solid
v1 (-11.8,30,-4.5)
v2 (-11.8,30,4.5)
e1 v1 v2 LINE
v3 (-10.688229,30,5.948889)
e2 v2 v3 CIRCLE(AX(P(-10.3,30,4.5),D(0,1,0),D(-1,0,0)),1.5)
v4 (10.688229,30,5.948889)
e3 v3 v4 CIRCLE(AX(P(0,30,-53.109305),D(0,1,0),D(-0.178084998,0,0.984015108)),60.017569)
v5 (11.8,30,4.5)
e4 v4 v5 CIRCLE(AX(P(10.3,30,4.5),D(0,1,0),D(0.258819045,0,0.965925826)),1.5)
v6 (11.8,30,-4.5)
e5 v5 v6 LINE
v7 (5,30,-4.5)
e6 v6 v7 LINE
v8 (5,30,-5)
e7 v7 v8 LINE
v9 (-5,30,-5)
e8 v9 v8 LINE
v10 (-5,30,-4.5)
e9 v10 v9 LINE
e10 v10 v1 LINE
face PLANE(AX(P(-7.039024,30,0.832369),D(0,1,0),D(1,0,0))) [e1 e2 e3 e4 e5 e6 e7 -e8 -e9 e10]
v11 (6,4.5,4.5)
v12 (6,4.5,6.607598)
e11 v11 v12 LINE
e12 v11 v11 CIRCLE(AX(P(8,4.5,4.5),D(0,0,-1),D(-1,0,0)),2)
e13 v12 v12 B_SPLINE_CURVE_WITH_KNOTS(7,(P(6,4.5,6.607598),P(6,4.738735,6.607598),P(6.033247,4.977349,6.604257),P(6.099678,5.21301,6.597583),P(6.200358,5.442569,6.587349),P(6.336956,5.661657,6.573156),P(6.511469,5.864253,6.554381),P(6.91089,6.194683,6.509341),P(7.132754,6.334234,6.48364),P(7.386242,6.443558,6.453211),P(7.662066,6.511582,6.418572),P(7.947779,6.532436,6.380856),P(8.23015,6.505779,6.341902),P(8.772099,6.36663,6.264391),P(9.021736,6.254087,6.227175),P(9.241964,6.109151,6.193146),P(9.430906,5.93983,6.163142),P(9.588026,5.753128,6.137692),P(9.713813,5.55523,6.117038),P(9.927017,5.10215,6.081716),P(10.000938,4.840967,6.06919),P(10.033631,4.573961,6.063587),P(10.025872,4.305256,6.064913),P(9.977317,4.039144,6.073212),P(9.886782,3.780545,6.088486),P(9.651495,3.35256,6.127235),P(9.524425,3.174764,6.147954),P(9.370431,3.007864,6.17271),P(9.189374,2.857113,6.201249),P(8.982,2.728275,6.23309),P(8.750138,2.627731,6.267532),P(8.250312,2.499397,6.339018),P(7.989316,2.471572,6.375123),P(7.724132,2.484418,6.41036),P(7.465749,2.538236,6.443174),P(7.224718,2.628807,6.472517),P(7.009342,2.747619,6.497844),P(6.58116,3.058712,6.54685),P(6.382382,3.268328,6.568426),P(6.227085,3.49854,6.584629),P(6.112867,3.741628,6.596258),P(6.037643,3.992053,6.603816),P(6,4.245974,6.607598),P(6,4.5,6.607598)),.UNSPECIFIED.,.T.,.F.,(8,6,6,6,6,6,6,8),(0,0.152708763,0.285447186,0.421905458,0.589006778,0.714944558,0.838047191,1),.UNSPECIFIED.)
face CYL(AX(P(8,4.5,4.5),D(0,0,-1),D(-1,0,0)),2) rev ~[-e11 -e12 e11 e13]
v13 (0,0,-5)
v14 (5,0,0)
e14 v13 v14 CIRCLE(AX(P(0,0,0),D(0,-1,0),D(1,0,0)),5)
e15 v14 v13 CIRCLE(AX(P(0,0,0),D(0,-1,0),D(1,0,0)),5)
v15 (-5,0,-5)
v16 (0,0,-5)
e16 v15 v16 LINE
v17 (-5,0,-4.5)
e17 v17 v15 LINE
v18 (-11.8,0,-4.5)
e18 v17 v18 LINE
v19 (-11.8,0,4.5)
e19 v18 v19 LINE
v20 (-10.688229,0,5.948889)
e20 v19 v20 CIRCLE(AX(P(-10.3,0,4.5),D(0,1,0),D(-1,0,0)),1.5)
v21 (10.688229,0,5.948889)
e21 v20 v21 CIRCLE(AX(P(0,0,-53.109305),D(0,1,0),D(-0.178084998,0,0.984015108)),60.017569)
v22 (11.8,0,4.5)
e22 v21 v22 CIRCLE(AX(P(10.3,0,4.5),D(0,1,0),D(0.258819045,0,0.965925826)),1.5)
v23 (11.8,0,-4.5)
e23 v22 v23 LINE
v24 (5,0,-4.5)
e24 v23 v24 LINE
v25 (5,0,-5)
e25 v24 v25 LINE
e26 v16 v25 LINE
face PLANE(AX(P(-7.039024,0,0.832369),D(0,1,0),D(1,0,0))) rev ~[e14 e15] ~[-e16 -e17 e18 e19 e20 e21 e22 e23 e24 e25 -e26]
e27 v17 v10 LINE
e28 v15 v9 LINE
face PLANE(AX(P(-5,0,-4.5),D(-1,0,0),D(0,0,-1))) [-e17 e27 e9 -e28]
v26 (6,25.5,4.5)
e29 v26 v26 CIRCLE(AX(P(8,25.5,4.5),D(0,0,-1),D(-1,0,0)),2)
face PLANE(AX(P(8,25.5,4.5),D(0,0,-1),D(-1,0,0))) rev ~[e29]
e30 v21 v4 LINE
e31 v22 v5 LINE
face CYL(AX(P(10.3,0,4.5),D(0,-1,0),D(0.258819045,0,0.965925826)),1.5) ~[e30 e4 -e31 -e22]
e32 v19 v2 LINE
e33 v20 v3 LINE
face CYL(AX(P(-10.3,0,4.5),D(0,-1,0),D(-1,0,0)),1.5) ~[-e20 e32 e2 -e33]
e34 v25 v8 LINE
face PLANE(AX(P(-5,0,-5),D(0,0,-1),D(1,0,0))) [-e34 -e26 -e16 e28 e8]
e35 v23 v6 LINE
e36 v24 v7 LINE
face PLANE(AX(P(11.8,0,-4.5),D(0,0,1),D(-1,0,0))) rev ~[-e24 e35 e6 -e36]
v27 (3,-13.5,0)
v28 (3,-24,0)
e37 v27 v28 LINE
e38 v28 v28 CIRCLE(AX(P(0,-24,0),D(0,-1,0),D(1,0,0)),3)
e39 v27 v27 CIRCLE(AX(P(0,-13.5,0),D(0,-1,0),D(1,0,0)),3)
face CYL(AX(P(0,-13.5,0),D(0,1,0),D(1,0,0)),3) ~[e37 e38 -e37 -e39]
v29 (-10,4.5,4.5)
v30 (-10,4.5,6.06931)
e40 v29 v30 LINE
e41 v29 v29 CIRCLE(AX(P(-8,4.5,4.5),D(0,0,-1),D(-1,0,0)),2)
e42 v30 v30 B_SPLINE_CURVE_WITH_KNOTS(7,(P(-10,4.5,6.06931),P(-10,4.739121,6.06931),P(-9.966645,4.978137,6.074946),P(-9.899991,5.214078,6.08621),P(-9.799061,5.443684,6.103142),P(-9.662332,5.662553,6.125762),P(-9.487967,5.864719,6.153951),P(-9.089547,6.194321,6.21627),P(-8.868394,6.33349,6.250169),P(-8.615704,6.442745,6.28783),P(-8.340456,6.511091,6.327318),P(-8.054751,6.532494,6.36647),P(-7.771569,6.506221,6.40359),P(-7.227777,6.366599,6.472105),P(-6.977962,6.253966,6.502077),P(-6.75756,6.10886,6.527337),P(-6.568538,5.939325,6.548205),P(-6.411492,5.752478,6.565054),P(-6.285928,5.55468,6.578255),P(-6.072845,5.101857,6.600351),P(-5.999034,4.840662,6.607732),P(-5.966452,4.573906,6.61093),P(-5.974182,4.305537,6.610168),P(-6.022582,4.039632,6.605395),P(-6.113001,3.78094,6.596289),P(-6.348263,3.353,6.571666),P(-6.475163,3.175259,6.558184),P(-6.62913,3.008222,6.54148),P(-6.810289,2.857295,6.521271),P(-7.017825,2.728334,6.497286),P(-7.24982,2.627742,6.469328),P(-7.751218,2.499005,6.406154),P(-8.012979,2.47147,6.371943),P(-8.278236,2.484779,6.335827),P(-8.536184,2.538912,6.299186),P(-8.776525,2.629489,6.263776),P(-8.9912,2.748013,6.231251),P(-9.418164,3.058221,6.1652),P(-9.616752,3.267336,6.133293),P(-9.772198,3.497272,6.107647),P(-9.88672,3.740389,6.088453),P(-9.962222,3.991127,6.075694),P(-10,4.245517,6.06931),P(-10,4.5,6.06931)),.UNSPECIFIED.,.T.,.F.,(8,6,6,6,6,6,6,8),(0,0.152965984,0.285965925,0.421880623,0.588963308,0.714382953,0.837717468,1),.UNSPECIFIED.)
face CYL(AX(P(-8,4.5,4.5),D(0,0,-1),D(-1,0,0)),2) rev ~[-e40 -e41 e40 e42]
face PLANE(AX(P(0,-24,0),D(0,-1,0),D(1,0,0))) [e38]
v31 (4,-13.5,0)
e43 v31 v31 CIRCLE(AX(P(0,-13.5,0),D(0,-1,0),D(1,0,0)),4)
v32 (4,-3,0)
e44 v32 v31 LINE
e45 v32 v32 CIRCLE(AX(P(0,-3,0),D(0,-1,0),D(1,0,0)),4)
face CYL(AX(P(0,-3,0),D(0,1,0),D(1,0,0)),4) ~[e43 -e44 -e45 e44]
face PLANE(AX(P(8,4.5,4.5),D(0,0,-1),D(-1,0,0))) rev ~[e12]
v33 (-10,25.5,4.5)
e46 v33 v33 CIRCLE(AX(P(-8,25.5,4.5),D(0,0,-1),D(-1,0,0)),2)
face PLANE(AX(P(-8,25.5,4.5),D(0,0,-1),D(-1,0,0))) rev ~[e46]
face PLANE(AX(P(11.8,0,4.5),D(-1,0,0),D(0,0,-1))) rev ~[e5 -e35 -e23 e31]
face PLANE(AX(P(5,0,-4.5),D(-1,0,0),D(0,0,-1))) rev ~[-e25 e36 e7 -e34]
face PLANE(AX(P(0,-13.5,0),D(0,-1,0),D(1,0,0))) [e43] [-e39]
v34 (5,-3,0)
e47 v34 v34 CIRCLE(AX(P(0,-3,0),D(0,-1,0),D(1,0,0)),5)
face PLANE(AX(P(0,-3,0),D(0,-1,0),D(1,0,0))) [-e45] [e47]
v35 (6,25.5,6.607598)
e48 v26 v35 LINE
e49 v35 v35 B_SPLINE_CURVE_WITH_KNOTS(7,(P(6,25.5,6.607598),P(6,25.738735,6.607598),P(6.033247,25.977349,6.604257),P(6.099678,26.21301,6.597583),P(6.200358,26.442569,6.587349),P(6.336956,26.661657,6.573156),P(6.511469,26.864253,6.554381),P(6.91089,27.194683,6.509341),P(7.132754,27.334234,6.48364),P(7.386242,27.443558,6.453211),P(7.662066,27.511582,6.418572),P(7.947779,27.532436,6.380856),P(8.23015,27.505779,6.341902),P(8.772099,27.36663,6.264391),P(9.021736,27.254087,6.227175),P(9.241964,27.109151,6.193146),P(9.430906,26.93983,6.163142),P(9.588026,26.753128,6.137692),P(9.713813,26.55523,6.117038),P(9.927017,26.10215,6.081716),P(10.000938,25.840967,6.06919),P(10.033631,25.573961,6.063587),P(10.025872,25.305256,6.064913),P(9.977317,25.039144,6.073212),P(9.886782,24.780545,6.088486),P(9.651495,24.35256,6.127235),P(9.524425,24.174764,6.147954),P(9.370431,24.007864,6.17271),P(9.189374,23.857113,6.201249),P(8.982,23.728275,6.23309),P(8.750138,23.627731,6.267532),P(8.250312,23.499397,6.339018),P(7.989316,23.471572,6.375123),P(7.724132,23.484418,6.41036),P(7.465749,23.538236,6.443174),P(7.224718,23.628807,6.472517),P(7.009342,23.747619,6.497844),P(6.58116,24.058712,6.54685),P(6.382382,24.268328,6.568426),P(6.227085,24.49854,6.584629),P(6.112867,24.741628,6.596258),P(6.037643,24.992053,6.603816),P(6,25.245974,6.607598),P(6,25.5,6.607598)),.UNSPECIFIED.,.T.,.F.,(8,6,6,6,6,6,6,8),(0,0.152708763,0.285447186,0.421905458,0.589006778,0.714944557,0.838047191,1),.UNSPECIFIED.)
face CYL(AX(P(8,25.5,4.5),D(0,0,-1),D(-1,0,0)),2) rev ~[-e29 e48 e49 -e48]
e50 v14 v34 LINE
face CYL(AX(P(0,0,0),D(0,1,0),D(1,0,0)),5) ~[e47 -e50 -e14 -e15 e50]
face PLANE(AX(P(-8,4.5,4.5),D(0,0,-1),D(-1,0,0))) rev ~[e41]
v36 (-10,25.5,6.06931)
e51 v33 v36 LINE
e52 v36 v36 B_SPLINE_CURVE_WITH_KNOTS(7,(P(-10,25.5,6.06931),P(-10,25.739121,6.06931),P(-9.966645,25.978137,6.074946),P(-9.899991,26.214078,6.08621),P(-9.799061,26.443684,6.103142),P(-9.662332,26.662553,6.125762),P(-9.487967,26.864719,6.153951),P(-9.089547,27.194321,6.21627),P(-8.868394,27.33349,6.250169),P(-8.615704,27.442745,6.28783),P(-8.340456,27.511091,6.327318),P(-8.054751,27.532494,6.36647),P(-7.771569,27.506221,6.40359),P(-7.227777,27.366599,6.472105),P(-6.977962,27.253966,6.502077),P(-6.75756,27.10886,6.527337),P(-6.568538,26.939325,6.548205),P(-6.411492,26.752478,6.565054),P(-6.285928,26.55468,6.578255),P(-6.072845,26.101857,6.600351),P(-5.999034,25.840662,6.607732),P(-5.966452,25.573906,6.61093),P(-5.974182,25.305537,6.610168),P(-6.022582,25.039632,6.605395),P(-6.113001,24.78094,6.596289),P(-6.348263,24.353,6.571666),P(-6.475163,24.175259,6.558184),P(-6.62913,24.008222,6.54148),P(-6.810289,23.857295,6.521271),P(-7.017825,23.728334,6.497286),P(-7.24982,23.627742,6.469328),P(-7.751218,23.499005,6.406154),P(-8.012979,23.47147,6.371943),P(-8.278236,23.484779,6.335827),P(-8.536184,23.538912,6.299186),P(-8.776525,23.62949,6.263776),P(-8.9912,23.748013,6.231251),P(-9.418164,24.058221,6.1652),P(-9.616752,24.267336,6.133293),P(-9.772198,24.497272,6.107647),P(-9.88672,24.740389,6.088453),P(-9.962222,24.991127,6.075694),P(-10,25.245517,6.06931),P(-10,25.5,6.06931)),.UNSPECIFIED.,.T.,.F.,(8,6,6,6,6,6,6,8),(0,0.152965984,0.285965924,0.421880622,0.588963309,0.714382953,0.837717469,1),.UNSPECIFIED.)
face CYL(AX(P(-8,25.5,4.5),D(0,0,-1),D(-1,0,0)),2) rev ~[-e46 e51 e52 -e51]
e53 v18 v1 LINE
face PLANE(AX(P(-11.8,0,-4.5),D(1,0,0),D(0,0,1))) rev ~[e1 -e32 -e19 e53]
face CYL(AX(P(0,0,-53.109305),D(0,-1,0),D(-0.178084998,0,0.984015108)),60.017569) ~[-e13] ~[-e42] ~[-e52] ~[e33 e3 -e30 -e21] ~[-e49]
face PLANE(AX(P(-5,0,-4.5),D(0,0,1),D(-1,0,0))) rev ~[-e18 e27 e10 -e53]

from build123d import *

# Parameters (mm, degrees)
SKETCH_1_W          = 10
SKETCH_1_H          = 0.5
EXTRUDE_3_DEPTH     = 30
SKETCH_4_R          = 5
EXTRUDE_4_DEPTH     = 3
SKETCH_5_R          = 4
EXTRUDE_5_DEPTH     = 10.5
SKETCH_6_R          = 3
EXTRUDE_6_DEPTH     = 10.5
CUT_EXTRUDE_2_REACH = 4.408
SKETCH_9_R          = 2


with BuildPart() as part:
    # ｽｹｯﾁ1 → ﾎﾞｽ - 押し出し3 (new body)
    with BuildSketch(Plane(origin=(0, 0, 0), x_dir=(1, 0, 0), z_dir=(0, 1, 0))):
        with BuildLine():
            Line((-5, 4.5), (-11.8, 4.5))
            Line((-11.8, 4.5), (-11.8, -4.5))
            Line((-11.8, -4.5), (0, -4.5))
            ThreePointArc((0, -4.5), (-3.535533906, -3.035533906), (-5, 0.5))
            Line((-5, 0.5), (-5, 4.5))
        make_face()
        with BuildLine():
            Line((5, 4.5), (-5, 4.5))
            Line((-5, 4.5), (-5, 0.5))
            ThreePointArc((-5, 0.5), (-3.535533906, -3.035533906), (0, -4.5))
            ThreePointArc((0, -4.5), (3.535533906, -3.035533906), (5, 0.5))
            Line((5, 0.5), (5, 4.5))
        make_face()
        with BuildLine():
            Line((11.8, 4.5), (5, 4.5))
            Line((5, 4.5), (5, 0.5))
            ThreePointArc((5, 0.5), (3.535533906, -3.035533906), (0, -4.5))
            Line((0, -4.5), (11.8, -4.5))
            Line((11.8, -4.5), (11.8, 4.5))
        make_face()
        with BuildLine():
            ThreePointArc((-11.8, -4.5), (-11.49003001, -5.413142144), (-10.688228568, -5.948888739))
            ThreePointArc((-10.688228568, -5.948888739), (0, -6.908263067), (10.688228568, -5.948888739))
            ThreePointArc((10.688228568, -5.948888739), (11.49003001, -5.413142144), (11.8, -4.5))
            Line((11.8, -4.5), (-11.8, -4.5))
        make_face()
        with Locations((0, 4.75)):
            Rectangle(SKETCH_1_W, SKETCH_1_H)
    extrude(amount=EXTRUDE_3_DEPTH)

    # ｽｹｯﾁ4 → ﾎﾞｽ - 押し出し4 (add)
    with BuildSketch(Plane.XZ):
        Circle(SKETCH_4_R)
    extrude(amount=EXTRUDE_4_DEPTH)

    # ｽｹｯﾁ5 → ﾎﾞｽ - 押し出し5 (add)
    with BuildSketch(Plane.XZ.offset(3)):
        Circle(SKETCH_5_R)
    extrude(amount=EXTRUDE_5_DEPTH)

    # ｽｹｯﾁ6 → ﾎﾞｽ - 押し出し6 (add)
    with BuildSketch(Plane.XZ.offset(13.5)):
        Circle(SKETCH_6_R)
    extrude(amount=EXTRUDE_6_DEPTH)

    # ｽｹｯﾁ9 → ｶｯﾄ - 押し出し2 (cut, up to next)
    with BuildSketch(Plane(origin=(0, 0, 4.5), x_dir=(-1, 0, 0), z_dir=(0, 0, -1)), mode=Mode.PRIVATE) as cut_extrude_2_sk1:
        with Locations((-8, 4.5)):
            Circle(SKETCH_9_R)
    cut_extrude_2_tool1 = extrude(cut_extrude_2_sk1.sketch, amount=-CUT_EXTRUDE_2_REACH, mode=Mode.PRIVATE) & part.part
    add(cut_extrude_2_tool1.solids().sort_by_distance((8, 4.5, 4.5))[0], mode=Mode.SUBTRACT)
    # ｽｹｯﾁ9 → ｶｯﾄ - 押し出し2 (cut, up to next)
    with BuildSketch(Plane(origin=(0, 0, 4.5), x_dir=(-1, 0, 0), z_dir=(0, 0, -1)), mode=Mode.PRIVATE) as cut_extrude_2_sk2:
        with Locations((8, 4.5)):
            Circle(SKETCH_9_R)
    cut_extrude_2_tool2 = extrude(cut_extrude_2_sk2.sketch, amount=-CUT_EXTRUDE_2_REACH, mode=Mode.PRIVATE) & part.part
    add(cut_extrude_2_tool2.solids().sort_by_distance((-8, 4.5, 4.5))[0], mode=Mode.SUBTRACT)
    # ｽｹｯﾁ9 → ｶｯﾄ - 押し出し2 (cut, up to next)
    with BuildSketch(Plane(origin=(0, 0, 4.5), x_dir=(-1, 0, 0), z_dir=(0, 0, -1)), mode=Mode.PRIVATE) as cut_extrude_2_sk3:
        with Locations((8, 25.5)):
            Circle(SKETCH_9_R)
    cut_extrude_2_tool3 = extrude(cut_extrude_2_sk3.sketch, amount=-CUT_EXTRUDE_2_REACH, mode=Mode.PRIVATE) & part.part
    add(cut_extrude_2_tool3.solids().sort_by_distance((-8, 25.5, 4.5))[0], mode=Mode.SUBTRACT)
    # ｽｹｯﾁ9 → ｶｯﾄ - 押し出し2 (cut, up to next)
    with BuildSketch(Plane(origin=(0, 0, 4.5), x_dir=(-1, 0, 0), z_dir=(0, 0, -1)), mode=Mode.PRIVATE) as cut_extrude_2_sk4:
        with Locations((-8, 25.5)):
            Circle(SKETCH_9_R)
    cut_extrude_2_tool4 = extrude(cut_extrude_2_sk4.sketch, amount=-CUT_EXTRUDE_2_REACH, mode=Mode.PRIVATE) & part.part
    add(cut_extrude_2_tool4.solids().sort_by_distance((8, 25.5, 4.5))[0], mode=Mode.SUBTRACT)


solid = part.part
